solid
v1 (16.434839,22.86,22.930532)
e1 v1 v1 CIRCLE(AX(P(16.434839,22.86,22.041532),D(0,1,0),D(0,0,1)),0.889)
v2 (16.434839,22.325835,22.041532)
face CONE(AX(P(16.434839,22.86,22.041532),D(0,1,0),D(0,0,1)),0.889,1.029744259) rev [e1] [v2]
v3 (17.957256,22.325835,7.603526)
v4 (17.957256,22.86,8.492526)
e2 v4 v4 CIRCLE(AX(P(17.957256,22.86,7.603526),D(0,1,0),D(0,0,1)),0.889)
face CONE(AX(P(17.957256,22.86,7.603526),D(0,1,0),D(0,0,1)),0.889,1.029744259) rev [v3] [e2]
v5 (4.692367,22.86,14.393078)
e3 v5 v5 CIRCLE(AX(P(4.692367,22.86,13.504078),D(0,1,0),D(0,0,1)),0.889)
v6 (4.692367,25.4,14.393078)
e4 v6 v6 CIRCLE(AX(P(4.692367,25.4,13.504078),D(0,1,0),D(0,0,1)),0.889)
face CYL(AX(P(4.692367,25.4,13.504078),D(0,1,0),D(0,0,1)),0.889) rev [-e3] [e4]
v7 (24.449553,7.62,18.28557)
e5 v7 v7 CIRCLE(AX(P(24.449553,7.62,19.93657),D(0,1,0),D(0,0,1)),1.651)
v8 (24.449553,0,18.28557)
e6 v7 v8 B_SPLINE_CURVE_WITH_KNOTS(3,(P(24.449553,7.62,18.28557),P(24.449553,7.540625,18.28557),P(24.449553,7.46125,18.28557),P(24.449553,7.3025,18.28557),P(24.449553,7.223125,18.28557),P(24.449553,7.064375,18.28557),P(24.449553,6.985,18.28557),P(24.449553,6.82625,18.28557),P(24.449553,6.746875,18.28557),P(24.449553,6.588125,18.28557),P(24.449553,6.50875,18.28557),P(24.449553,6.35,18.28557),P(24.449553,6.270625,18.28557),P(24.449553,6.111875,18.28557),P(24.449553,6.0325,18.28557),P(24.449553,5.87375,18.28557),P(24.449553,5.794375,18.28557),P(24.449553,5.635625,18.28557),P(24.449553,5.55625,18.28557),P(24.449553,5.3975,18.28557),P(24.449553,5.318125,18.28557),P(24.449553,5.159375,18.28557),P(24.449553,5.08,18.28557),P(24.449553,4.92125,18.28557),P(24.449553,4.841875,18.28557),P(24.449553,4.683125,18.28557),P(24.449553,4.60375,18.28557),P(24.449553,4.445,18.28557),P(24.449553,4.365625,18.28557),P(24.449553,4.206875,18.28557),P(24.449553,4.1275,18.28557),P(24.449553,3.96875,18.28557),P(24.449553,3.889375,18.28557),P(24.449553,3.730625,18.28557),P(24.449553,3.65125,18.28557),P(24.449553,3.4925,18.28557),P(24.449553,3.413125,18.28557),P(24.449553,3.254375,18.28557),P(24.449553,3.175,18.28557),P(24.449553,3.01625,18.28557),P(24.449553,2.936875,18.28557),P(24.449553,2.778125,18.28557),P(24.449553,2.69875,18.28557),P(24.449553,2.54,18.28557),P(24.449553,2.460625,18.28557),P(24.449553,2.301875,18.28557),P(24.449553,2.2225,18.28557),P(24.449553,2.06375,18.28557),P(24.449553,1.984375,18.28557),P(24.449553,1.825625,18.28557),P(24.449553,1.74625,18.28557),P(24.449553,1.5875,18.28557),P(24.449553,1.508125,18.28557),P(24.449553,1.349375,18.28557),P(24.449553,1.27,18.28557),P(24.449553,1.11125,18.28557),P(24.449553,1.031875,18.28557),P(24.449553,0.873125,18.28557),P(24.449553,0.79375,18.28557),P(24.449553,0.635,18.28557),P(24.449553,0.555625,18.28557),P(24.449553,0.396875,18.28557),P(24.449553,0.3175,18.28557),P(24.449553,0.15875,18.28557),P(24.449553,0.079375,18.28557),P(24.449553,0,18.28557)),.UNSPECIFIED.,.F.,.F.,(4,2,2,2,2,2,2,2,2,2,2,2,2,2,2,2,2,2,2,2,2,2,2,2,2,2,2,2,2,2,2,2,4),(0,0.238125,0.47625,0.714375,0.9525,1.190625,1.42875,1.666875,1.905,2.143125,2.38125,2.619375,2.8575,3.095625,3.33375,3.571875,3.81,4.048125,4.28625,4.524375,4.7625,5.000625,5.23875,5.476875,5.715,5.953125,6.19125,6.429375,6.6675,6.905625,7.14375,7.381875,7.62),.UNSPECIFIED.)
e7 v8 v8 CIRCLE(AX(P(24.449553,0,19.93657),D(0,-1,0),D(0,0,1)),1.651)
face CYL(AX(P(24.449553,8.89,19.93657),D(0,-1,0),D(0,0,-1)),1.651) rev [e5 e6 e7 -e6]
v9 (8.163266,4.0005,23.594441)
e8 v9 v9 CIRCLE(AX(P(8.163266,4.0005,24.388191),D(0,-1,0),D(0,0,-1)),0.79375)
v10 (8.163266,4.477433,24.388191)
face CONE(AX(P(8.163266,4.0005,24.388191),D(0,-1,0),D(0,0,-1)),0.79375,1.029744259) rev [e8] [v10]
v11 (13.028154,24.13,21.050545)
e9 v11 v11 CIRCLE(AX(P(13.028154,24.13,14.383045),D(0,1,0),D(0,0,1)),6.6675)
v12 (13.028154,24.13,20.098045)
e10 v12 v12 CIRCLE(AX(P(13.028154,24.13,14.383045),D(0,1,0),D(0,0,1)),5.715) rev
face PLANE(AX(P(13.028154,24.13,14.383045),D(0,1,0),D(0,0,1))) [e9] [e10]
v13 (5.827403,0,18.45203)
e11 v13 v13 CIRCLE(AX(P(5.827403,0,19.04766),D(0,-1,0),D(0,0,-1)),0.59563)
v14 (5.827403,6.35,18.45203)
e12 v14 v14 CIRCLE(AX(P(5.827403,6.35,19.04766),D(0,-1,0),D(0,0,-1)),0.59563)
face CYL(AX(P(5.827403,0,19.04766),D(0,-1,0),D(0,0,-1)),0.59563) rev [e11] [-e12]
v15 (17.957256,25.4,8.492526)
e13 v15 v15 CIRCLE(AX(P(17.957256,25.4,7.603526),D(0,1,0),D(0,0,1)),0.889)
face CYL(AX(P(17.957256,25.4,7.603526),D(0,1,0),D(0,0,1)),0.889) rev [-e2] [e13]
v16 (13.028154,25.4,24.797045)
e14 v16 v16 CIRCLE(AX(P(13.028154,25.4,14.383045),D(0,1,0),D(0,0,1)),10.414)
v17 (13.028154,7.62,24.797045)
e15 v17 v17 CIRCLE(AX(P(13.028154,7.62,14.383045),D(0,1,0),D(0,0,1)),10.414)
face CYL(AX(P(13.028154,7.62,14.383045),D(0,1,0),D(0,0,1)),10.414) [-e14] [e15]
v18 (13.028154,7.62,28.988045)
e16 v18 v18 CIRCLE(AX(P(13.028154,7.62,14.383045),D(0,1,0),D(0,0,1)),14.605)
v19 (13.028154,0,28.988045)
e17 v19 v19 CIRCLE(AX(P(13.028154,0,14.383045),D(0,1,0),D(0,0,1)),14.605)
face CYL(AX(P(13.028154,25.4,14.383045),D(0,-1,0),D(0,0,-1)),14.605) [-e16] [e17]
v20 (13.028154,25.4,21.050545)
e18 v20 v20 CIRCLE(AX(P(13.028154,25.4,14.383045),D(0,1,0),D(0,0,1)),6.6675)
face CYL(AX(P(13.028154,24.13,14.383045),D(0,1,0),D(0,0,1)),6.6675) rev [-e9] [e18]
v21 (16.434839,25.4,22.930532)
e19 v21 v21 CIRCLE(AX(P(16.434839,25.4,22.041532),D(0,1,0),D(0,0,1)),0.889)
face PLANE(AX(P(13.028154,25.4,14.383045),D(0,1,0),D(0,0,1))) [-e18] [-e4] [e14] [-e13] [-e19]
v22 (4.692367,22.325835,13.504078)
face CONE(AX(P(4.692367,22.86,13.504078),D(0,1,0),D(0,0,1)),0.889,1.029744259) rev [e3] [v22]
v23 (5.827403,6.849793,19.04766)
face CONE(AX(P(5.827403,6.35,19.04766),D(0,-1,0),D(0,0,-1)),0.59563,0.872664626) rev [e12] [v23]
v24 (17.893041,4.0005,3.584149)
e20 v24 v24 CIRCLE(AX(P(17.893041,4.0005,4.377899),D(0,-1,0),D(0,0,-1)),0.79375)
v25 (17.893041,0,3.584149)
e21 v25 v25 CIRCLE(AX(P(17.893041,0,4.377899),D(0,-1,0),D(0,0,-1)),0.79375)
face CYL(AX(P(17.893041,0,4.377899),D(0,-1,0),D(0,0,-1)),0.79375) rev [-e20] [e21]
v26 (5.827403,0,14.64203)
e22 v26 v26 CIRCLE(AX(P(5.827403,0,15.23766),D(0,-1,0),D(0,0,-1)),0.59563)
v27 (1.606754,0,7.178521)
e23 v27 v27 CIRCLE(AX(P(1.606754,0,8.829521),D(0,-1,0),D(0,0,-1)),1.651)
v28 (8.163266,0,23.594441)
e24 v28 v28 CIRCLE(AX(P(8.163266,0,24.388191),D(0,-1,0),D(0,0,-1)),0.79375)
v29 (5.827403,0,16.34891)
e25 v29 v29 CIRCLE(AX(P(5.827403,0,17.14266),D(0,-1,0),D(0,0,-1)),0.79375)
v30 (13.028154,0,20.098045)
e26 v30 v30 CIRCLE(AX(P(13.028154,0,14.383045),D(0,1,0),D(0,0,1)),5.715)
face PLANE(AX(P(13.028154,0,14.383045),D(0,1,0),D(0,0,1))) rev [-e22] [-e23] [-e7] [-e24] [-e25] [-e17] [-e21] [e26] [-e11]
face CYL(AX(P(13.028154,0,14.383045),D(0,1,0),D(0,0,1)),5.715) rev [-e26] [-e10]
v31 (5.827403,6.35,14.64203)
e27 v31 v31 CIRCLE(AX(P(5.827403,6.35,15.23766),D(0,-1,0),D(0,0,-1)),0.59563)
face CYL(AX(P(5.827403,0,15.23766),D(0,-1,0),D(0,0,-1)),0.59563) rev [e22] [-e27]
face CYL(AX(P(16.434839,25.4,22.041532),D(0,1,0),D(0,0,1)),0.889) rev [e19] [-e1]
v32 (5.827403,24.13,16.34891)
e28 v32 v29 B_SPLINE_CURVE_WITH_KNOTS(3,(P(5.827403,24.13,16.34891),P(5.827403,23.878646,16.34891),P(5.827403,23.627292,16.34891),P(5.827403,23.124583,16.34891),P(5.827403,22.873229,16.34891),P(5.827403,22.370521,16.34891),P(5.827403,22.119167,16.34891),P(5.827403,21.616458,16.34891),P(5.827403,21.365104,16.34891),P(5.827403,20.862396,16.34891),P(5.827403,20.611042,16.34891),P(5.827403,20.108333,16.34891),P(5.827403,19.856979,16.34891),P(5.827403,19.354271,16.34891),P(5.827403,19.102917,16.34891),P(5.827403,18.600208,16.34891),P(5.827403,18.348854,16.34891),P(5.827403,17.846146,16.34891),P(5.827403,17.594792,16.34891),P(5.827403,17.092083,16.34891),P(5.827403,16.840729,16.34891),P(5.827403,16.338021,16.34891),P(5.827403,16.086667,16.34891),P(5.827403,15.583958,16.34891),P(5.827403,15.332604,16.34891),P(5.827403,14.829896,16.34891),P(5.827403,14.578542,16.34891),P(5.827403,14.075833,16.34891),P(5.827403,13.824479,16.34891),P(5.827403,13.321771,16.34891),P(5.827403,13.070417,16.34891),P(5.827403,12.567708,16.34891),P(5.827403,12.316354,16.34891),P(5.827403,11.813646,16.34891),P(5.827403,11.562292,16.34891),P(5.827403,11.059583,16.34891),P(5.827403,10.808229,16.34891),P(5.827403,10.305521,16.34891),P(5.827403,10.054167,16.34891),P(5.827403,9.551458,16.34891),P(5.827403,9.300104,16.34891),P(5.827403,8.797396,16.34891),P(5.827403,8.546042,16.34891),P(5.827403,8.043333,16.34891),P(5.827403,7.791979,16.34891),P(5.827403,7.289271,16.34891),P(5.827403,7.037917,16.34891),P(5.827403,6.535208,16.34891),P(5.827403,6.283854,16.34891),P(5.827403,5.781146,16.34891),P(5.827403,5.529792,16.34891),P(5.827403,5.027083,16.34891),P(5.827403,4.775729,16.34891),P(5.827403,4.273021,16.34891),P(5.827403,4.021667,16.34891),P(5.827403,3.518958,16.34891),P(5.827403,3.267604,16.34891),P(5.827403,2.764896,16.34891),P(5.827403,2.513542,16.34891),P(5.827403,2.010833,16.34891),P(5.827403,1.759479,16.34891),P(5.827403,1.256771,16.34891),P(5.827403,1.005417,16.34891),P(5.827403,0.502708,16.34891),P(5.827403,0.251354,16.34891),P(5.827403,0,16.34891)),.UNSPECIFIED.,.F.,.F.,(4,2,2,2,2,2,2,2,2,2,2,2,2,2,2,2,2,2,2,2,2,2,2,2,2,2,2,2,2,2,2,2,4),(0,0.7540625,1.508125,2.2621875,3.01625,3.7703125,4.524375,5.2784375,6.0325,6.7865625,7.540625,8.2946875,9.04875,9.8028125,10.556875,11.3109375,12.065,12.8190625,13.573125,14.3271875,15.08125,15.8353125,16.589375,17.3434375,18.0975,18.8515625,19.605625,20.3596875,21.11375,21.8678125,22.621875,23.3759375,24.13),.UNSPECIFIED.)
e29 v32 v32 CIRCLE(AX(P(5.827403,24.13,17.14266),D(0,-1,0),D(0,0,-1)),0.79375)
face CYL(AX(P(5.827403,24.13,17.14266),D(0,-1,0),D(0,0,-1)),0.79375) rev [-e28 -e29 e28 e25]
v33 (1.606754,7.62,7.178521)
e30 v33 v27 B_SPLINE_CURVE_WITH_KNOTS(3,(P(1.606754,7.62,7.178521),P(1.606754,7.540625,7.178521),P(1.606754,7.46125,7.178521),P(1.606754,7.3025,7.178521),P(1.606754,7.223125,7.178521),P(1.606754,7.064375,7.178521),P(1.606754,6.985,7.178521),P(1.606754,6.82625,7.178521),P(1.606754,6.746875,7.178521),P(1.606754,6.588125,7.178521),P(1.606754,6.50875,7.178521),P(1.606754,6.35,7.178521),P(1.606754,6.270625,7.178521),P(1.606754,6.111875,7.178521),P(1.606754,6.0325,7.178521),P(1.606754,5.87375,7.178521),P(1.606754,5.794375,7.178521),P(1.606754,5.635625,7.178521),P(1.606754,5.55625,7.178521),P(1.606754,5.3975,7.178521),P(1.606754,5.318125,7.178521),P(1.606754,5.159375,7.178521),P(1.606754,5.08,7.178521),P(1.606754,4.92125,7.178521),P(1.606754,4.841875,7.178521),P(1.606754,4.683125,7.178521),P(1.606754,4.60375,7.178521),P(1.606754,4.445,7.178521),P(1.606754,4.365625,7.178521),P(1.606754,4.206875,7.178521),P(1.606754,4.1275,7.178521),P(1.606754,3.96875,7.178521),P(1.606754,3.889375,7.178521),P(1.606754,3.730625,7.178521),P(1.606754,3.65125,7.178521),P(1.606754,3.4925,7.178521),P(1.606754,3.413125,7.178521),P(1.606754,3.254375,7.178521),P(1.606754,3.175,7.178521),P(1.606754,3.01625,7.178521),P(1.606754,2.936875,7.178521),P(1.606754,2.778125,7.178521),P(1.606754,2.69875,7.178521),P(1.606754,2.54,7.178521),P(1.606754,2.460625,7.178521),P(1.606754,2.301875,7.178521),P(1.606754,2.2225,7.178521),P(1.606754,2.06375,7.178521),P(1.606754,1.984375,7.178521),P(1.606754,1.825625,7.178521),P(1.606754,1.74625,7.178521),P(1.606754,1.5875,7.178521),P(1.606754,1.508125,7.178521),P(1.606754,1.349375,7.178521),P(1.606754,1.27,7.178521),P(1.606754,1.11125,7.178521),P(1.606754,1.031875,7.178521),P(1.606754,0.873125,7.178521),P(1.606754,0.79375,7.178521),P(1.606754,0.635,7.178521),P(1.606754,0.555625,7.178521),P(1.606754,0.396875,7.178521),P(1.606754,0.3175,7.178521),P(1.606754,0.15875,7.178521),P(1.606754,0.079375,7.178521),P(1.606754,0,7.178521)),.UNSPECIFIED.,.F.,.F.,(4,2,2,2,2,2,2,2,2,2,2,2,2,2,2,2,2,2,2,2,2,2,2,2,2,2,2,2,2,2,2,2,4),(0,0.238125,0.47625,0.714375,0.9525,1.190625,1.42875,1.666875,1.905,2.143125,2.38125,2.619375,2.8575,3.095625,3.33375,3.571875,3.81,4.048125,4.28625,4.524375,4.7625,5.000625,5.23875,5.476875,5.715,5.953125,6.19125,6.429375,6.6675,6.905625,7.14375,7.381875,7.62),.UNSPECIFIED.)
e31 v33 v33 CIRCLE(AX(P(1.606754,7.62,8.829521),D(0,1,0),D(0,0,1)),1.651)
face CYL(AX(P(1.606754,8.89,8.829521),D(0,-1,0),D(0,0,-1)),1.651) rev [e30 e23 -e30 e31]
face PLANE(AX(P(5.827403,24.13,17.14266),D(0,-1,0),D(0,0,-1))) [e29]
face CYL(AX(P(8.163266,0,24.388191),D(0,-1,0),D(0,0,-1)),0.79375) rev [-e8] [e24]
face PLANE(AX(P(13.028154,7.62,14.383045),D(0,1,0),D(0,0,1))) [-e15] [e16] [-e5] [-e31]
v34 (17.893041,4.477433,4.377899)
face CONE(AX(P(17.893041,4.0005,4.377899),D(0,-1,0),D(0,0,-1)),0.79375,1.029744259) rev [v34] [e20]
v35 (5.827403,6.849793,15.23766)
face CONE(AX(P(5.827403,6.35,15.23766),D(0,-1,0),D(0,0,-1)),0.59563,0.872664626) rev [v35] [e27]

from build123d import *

# Parameters (mm, degrees)
SKETCH1_R                     = 14.605
BOSS_EXTRUDE2_DEPTH           = 25.4
SKETCH10_R                    = 5.715
CUT_EXTRUDE5_DEPTH            = 48.424233935
SKETCH11_R                    = 6.6675
CUT_EXTRUDE6_DEPTH            = 1.27
SKETCH12_OUTSIDE_W            = 40.908
SKETCH12_OUTSIDE_H            = 40.908
SKETCH12_OUTSIDE_R            = 10.414
CUT_EXTRUDE7_DEPTH            = 17.78
CIRPATTERN1_COUNT             = 3
CIRPATTERN2_COUNT             = 2
SKETCH26_R                    = 1.651
CUT_EXTRUDE8_DEPTH            = 8.89
CIRPATTERN3_COUNT             = 2
SKETCH27_R                    = 0.79375
CUT_EXTRUDE9_DEPTH            = 24.13
TAP_DRILL_FOR_0_80_TAP3_D     = 1.19126
TAP_DRILL_FOR_0_80_TAP3_DEPTH = 6.35
TAP_DRILL_FOR_0_80_TAP3_TIP   = 0.499792913


with BuildPart() as part:
    # Sketch1 → Boss-Extrude2 (new body)
    with BuildSketch(Plane(origin=(0, 0, 0), x_dir=(1, 0, 0), z_dir=(0, 1, 0))):
        with Locations(Location((13.028153923, -14.383045271, 0), (0, 0, 270))):
            Circle(SKETCH1_R)
    extrude(amount=BOSS_EXTRUDE2_DEPTH)

    # Sketch10 → Cut-Extrude5 (cut, through all)
    with BuildSketch(Plane(origin=(0, 25.4, 0), x_dir=(1, 0, 0), z_dir=(0, 1, 0))):
        with Locations(Location((13.028153923, -14.383045271, 0), (0, 0, 270))):
            Circle(SKETCH10_R)
    extrude(amount=-CUT_EXTRUDE5_DEPTH, mode=Mode.SUBTRACT)

    # Sketch11 → Cut-Extrude6 (cut)
    with BuildSketch(Plane(origin=(0, 25.4, 0), x_dir=(1, 0, 0), z_dir=(0, 1, 0))):
        with Locations(Location((13.028153923, -14.383045271, 0), (0, 0, 270))):
            Circle(SKETCH11_R)
    extrude(amount=-CUT_EXTRUDE6_DEPTH, mode=Mode.SUBTRACT)

    # Sketch12 outside → Cut-Extrude7 (cut)
    with BuildSketch(Plane(origin=(0, 25.4, 0), x_dir=(1, 0, 0), z_dir=(0, 1, 0))):
        with Locations((13.028, -14.383)):
            Rectangle(SKETCH12_OUTSIDE_W, SKETCH12_OUTSIDE_H)
        with Locations(Location((13.028153923, -14.383045271, 0), (0, 0, 270))):
            Circle(SKETCH12_OUTSIDE_R, mode=Mode.SUBTRACT)
    extrude(amount=-CUT_EXTRUDE7_DEPTH, mode=Mode.SUBTRACT)

    # Sketch17 → #50 (0.07) Diameter Hole1 (revolve, cut)
    with BuildSketch(Plane(origin=(4.692367215, 25.4, 13.504077717), x_dir=(0, 0, 1), z_dir=(1, 0, 0))):
        Polygon((0, 0), (0, 3.07416509), (0.889, 2.54), (0.889, 0), align=None)
    f_50_0_07_diameter_hole1 = revolve(axis=Axis((4.692367215, 31.75, 13.504077717), (0, -1, 0)), mode=Mode.SUBTRACT)

    # CirPattern1: #50 (0.07) Diameter Hole1 ×3 about axis
    cirpattern1_axis = Axis((13.028153923, 0, 14.383045271), (0, 1, 0))
    for i in range(1, CIRPATTERN1_COUNT):
        add(f_50_0_07_diameter_hole1.rotate(cirpattern1_axis, i * 360 / CIRPATTERN1_COUNT), mode=Mode.SUBTRACT)

    # Sketch24 → 1/16 (0.0625) Diameter Hole2 (revolve, cut)
    with BuildSketch(Plane(origin=(8.163266455, 0, 24.388191195), x_dir=(0, 0, -1), z_dir=(1, 0, 0))):
        Polygon((0, 0), (0, 4.477433116), (0.79375, 4.0005), (0.79375, 0), align=None)
    f_1_16_0_0625_diameter_hole2 = revolve(axis=Axis((8.163266455, -6.35, 24.388191195), (0, 1, 0)), mode=Mode.SUBTRACT)

    # CirPattern2: 1/16 (0.0625) Diameter Hole2 ×2 about axis
    cirpattern2_axis = Axis((13.028153923, 0, 14.383045271), (0, 1, 0))
    for i in range(1, CIRPATTERN2_COUNT):
        add(f_1_16_0_0625_diameter_hole2.rotate(cirpattern2_axis, i * 360 / CIRPATTERN2_COUNT), mode=Mode.SUBTRACT)

    # Sketch26 → Cut-Extrude8 (cut)
    with BuildSketch(Plane(origin=(0, 0, 0), x_dir=(-1, 0, 0), z_dir=(0, -1, 0))):
        with Locations(Location((-1.606754466, -8.829520764, 0), (0, 0, 90))):
            Circle(SKETCH26_R)
    cut_extrude8 = extrude(amount=-CUT_EXTRUDE8_DEPTH, mode=Mode.SUBTRACT)

    # CirPattern3: Cut-Extrude8 ×2 about axis
    cirpattern3_axis = Axis((13.028153923, 0, 14.383045271), (0, 1, 0))
    for i in range(1, CIRPATTERN3_COUNT):
        add(cut_extrude8.rotate(cirpattern3_axis, i * 360 / CIRPATTERN3_COUNT), mode=Mode.SUBTRACT)

    # Sketch27 → Cut-Extrude9 (cut)
    with BuildSketch(Plane(origin=(0, 0, 0), x_dir=(-1, 0, 0), z_dir=(0, -1, 0))):
        with Locations(Location((-5.827402564, -17.142659866, 0), (0, 0, 90))):
            Circle(SKETCH27_R)
    extrude(amount=-CUT_EXTRUDE9_DEPTH, mode=Mode.SUBTRACT)

    # Tap Drill for #0-80 Tap3
    with Locations(Plane(origin=(0, 0, 0), x_dir=(-1, 0, 0), z_dir=(0, -1, 0))):
        with Locations((-5.827402564, -15.237659866), (-5.827402564, -19.047659866)):
            Hole(TAP_DRILL_FOR_0_80_TAP3_D / 2, depth=TAP_DRILL_FOR_0_80_TAP3_DEPTH)
            with Locations((0, 0, -(TAP_DRILL_FOR_0_80_TAP3_DEPTH + TAP_DRILL_FOR_0_80_TAP3_TIP / 2))):  # 100° drill point
                Cone(0, TAP_DRILL_FOR_0_80_TAP3_D / 2, TAP_DRILL_FOR_0_80_TAP3_TIP, mode=Mode.SUBTRACT)


solid = part.part
